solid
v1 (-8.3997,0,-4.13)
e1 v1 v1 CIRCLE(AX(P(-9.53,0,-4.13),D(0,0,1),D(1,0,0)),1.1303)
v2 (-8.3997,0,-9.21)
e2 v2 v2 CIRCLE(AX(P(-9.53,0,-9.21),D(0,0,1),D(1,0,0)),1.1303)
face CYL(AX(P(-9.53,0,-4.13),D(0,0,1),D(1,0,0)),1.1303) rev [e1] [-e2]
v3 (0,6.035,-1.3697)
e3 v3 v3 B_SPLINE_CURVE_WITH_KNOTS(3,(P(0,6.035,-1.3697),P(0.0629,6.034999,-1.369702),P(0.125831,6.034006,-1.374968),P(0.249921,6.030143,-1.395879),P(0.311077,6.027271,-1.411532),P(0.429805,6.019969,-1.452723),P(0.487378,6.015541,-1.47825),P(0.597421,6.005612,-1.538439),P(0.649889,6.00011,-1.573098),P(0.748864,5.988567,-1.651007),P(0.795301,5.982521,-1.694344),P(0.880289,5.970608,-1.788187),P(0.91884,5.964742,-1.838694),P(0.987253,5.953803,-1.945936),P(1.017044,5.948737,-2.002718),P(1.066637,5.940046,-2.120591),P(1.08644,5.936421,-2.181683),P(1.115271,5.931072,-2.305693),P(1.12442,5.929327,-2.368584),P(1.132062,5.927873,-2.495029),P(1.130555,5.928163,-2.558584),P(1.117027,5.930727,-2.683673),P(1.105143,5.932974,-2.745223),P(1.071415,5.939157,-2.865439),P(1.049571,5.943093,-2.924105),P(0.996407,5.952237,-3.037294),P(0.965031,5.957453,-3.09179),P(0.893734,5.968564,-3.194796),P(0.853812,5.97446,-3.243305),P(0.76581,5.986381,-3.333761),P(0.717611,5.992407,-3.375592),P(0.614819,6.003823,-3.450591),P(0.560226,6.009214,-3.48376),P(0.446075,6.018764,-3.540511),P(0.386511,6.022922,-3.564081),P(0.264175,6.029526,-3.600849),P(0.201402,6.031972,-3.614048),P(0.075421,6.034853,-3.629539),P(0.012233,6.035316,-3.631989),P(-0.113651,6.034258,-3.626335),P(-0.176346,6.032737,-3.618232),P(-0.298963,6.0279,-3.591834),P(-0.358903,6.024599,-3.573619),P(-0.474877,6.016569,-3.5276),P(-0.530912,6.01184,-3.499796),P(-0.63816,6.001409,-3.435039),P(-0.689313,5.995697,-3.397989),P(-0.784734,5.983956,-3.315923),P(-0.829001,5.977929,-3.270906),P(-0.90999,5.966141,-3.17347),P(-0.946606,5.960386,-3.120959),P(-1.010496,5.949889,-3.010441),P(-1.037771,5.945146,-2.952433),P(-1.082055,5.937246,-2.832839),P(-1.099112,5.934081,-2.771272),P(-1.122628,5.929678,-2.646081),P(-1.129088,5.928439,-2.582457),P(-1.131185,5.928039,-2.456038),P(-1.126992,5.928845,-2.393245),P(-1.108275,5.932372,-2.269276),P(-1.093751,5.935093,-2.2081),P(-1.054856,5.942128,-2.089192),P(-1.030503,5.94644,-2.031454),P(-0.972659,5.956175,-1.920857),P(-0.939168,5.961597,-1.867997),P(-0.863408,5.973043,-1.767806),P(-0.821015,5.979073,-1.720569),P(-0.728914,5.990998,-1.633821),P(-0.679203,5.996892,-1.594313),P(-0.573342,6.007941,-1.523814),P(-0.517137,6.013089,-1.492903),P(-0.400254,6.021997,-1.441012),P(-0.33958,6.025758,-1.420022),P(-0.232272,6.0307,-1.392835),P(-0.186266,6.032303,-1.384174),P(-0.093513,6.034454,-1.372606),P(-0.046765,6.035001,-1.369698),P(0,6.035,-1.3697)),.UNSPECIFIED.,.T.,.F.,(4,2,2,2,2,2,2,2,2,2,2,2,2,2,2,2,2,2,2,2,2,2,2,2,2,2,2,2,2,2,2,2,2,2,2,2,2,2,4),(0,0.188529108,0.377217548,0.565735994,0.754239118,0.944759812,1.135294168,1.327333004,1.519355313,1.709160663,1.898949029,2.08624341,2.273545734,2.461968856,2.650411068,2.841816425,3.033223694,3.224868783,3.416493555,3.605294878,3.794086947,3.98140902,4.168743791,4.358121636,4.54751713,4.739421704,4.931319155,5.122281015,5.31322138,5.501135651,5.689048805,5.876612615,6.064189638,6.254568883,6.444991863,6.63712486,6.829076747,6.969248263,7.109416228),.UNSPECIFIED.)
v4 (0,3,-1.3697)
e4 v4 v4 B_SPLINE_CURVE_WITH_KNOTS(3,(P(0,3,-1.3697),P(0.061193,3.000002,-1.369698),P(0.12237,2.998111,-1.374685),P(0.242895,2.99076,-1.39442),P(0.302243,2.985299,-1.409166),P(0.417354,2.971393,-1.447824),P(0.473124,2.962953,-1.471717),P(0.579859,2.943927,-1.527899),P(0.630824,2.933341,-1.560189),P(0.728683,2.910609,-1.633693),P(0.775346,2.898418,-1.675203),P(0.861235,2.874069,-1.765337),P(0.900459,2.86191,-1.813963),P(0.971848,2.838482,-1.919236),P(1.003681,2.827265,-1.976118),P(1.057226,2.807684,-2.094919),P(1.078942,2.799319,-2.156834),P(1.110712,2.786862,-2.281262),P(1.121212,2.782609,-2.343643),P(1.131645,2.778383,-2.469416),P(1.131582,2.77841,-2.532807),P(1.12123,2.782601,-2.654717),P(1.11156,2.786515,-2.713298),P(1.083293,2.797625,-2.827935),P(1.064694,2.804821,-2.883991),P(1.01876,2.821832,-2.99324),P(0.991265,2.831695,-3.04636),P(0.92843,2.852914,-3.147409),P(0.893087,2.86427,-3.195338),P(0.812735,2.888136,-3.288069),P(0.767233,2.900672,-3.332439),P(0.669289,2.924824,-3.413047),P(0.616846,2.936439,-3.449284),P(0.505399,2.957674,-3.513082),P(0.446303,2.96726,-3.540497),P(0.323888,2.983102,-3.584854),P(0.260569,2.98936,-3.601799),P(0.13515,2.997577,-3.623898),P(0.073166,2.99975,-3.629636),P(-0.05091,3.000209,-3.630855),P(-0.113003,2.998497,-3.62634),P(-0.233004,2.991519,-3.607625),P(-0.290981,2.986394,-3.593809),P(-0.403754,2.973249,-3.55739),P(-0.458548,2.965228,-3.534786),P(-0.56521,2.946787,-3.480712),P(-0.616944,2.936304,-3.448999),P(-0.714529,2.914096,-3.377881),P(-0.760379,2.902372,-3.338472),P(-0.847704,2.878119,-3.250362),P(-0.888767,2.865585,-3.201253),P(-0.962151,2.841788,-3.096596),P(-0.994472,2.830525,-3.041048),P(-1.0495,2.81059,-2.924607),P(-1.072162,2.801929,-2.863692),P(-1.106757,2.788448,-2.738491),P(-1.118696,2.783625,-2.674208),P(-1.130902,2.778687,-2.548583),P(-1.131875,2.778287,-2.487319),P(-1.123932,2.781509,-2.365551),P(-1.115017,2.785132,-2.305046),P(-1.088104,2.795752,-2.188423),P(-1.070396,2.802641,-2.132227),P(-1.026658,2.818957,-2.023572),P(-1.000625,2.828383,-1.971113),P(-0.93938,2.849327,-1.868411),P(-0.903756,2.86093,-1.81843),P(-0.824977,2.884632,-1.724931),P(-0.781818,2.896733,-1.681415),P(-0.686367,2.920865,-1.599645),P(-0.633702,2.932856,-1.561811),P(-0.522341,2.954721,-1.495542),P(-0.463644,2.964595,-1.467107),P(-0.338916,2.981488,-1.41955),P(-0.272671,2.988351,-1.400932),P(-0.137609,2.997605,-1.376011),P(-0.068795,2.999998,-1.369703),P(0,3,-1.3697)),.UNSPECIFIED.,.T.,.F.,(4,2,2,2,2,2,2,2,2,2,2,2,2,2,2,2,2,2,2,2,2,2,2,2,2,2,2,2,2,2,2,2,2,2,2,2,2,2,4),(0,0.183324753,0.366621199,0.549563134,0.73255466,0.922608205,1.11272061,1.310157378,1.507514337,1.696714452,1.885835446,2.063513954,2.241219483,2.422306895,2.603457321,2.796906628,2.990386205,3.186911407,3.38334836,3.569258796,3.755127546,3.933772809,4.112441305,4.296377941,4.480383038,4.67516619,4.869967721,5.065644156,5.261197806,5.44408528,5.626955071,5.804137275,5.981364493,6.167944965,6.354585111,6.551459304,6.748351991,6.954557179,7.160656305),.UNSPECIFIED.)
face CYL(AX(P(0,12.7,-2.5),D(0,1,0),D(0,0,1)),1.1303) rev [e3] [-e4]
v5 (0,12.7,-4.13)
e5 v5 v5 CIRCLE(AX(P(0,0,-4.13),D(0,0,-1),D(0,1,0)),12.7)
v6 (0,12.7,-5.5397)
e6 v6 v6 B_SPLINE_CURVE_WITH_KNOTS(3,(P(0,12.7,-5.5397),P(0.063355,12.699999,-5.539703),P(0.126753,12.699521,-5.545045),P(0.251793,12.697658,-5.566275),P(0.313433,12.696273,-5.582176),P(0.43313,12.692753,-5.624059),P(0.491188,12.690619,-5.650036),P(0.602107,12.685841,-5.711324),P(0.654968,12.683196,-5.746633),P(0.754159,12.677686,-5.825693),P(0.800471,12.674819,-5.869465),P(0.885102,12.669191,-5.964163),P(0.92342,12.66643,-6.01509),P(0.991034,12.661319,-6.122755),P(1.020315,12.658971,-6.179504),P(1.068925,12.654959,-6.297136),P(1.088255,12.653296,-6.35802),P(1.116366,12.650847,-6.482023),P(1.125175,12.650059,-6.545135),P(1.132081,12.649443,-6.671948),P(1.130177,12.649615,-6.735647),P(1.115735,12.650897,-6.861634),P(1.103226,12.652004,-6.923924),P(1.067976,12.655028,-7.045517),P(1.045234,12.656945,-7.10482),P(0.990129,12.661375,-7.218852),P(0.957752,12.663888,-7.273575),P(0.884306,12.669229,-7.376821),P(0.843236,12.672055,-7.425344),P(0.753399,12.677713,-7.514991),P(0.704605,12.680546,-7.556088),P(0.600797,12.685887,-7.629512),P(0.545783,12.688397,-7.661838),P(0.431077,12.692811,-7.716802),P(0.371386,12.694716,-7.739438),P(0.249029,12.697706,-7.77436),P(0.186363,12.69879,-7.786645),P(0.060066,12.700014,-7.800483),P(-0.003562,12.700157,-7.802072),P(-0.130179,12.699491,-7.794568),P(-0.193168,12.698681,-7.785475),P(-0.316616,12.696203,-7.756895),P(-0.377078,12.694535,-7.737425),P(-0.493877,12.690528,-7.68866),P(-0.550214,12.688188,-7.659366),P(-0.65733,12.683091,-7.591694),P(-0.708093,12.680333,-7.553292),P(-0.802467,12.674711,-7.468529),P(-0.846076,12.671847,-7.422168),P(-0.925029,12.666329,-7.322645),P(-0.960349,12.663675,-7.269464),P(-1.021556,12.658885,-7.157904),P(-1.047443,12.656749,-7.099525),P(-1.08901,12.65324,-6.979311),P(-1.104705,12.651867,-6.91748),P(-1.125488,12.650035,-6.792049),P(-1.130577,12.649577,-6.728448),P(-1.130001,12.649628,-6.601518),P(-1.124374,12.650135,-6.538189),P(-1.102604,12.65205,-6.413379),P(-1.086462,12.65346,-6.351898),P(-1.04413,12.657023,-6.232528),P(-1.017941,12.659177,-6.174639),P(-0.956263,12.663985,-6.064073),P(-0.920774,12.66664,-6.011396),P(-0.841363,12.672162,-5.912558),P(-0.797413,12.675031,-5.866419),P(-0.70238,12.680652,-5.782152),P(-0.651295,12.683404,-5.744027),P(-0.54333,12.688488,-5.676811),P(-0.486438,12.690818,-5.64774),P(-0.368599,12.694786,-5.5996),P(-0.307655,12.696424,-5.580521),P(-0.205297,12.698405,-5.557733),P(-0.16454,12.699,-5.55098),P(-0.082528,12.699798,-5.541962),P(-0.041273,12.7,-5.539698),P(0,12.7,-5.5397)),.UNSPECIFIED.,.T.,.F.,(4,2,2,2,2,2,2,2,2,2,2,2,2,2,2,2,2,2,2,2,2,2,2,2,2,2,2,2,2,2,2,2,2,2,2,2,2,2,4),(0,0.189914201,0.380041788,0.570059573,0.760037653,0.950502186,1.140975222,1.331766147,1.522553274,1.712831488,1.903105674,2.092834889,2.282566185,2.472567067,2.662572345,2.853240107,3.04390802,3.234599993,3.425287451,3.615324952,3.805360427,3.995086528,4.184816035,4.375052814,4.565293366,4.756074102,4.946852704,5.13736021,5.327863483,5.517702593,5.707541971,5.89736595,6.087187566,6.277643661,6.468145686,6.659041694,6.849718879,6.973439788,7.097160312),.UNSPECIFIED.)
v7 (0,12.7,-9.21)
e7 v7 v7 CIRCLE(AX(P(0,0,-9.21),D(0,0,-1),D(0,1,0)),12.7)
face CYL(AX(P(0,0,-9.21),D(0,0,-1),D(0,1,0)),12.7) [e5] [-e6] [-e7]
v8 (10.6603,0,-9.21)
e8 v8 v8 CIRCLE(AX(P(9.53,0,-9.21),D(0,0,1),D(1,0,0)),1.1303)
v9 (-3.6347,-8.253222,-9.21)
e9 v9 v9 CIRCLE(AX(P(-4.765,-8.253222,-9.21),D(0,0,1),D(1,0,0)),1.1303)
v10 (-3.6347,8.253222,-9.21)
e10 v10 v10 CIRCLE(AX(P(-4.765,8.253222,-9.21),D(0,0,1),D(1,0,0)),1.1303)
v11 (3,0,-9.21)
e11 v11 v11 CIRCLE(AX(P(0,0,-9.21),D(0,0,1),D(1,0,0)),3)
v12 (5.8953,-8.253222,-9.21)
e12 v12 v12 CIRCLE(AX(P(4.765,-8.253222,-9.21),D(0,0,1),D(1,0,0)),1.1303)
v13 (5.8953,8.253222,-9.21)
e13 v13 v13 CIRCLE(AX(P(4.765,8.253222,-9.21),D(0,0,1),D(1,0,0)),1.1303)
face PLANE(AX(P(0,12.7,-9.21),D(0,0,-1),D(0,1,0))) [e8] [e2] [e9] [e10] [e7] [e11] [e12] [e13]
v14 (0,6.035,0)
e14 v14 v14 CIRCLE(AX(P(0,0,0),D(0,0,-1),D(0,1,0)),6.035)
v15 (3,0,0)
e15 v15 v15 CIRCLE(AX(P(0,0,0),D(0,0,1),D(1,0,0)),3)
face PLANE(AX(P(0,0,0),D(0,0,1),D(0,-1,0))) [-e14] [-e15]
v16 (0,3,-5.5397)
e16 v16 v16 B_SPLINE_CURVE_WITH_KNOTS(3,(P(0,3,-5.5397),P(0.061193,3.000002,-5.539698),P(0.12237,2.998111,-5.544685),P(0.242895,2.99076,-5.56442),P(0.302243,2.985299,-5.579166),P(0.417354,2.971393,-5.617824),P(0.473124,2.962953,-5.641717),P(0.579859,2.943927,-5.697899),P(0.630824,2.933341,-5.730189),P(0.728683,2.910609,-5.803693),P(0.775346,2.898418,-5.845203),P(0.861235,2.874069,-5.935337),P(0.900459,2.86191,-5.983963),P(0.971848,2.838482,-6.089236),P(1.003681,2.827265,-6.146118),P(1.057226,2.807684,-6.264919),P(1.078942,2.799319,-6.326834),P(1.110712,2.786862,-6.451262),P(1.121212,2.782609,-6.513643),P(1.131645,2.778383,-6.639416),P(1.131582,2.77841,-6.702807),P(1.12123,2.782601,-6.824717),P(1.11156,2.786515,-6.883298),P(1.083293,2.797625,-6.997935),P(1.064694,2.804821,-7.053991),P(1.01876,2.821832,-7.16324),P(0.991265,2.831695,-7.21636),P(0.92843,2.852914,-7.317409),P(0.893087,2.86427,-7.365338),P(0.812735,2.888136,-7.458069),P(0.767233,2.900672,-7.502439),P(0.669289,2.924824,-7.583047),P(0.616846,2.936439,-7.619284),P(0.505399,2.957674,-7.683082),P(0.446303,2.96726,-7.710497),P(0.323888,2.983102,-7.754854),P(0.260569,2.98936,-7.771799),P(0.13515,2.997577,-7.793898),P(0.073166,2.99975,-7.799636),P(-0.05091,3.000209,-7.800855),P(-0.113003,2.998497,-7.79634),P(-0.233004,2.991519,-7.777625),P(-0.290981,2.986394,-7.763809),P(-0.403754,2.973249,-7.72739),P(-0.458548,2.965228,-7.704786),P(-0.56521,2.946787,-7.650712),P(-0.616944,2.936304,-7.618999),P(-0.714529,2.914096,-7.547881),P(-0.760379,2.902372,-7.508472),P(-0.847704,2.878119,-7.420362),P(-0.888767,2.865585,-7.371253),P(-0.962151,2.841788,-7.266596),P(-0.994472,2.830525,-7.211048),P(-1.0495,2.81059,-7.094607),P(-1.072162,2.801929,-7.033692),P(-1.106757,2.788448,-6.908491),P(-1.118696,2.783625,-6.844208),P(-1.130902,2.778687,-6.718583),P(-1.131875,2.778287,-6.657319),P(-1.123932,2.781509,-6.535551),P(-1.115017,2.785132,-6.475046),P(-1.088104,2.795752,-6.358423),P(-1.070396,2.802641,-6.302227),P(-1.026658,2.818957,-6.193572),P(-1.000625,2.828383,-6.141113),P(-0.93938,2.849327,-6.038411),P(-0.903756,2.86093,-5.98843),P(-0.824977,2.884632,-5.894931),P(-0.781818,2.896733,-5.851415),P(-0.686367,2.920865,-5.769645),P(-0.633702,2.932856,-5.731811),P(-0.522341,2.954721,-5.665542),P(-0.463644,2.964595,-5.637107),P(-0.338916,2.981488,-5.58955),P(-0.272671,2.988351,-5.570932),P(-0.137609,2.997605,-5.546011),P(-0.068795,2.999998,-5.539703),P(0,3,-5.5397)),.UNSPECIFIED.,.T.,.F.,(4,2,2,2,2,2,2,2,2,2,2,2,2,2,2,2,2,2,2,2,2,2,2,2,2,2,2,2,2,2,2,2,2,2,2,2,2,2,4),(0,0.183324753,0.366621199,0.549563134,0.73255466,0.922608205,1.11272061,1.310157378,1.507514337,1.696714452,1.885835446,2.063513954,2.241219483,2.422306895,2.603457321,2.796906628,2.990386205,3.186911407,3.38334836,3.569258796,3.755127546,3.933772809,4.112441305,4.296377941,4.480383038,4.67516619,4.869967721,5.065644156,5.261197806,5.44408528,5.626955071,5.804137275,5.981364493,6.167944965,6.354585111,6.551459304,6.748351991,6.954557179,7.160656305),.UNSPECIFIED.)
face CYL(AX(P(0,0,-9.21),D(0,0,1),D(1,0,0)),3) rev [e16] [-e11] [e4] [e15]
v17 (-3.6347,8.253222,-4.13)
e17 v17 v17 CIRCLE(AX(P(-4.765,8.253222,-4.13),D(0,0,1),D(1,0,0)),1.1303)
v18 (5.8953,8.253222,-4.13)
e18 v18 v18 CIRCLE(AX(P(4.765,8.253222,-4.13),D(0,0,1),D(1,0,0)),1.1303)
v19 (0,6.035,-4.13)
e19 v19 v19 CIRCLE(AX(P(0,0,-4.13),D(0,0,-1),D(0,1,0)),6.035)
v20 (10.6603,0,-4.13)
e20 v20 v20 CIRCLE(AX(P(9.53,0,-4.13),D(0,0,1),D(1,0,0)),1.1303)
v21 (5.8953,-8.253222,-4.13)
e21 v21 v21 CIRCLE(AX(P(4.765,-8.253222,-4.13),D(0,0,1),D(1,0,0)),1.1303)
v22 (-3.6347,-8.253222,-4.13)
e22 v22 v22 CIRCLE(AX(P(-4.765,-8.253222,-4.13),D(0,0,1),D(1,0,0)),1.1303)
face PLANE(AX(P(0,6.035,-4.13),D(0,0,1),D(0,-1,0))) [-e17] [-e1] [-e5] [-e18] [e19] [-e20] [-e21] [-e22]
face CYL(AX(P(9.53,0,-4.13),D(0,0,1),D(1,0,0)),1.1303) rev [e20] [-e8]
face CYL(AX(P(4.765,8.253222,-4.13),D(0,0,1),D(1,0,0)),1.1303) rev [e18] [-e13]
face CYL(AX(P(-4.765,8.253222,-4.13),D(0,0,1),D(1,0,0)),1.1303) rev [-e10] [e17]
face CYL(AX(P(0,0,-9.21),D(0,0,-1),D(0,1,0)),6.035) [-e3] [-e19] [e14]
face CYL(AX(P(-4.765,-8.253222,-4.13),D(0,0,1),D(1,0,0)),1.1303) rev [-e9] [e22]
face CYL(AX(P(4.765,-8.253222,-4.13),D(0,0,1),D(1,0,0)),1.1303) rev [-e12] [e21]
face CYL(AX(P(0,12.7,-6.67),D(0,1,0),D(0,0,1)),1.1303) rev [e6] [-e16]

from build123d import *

# Parameters (mm, degrees)
CROQUIS3_R                  = 3
CORTAR_EXTRUIR1_DEPTH       = 21.184253764
TALADRO_ROSCADO_4_403_D     = 2.2606
TALADRO_ROSCADO_4_404_D     = 2.2606
TALADRO_ROSCADO_4_404_DEPTH = 12.699
TALADRO_ROSCADO_4_404_TIP   = 0.679152758


with BuildPart() as part:
    # Croquis2 → Revolución1 (revolve)
    with BuildSketch(Plane(origin=(0, 0, 0), x_dir=(0, 0, -1), z_dir=(1, 0, 0))):
        Polygon((0, 0), (0, 6.035), (4.13, 6.035), (4.13, 12.7), (9.21, 12.7), (9.21, 0), align=None)
    revolve(axis=Axis((0, 0, -9.21), (0, 0, 1)))

    # Croquis3 → Cortar-Extruir1 (cut, through all)
    with BuildSketch(Plane.XY):
        Circle(CROQUIS3_R)
    extrude(amount=-CORTAR_EXTRUIR1_DEPTH, mode=Mode.SUBTRACT)

    # Taladro roscado #4-403 (through all)
    with Locations(Plane.XY.offset(-4.13)):
        with Locations((-9.53, 0), (-4.765, 8.253222098), (4.765, 8.253222098), (9.53, 0), (4.765, -8.253222098), (-4.765, -8.253222098), (0, 0)):
            Hole(TALADRO_ROSCADO_4_403_D / 2)

    # Taladro roscado #4-404
    with Locations(Plane(origin=(0, 12.7, 0), x_dir=(1, 0, 0), z_dir=(0, 1, 0))):
        with Locations((0, 6.67), (0, 2.5)):
            Hole(TALADRO_ROSCADO_4_404_D / 2, depth=TALADRO_ROSCADO_4_404_DEPTH)
            with Locations((0, 0, -(TALADRO_ROSCADO_4_404_DEPTH + TALADRO_ROSCADO_4_404_TIP / 2))):  # 118° drill point
                Cone(0, TALADRO_ROSCADO_4_404_D / 2, TALADRO_ROSCADO_4_404_TIP, mode=Mode.SUBTRACT)


solid = part.part
